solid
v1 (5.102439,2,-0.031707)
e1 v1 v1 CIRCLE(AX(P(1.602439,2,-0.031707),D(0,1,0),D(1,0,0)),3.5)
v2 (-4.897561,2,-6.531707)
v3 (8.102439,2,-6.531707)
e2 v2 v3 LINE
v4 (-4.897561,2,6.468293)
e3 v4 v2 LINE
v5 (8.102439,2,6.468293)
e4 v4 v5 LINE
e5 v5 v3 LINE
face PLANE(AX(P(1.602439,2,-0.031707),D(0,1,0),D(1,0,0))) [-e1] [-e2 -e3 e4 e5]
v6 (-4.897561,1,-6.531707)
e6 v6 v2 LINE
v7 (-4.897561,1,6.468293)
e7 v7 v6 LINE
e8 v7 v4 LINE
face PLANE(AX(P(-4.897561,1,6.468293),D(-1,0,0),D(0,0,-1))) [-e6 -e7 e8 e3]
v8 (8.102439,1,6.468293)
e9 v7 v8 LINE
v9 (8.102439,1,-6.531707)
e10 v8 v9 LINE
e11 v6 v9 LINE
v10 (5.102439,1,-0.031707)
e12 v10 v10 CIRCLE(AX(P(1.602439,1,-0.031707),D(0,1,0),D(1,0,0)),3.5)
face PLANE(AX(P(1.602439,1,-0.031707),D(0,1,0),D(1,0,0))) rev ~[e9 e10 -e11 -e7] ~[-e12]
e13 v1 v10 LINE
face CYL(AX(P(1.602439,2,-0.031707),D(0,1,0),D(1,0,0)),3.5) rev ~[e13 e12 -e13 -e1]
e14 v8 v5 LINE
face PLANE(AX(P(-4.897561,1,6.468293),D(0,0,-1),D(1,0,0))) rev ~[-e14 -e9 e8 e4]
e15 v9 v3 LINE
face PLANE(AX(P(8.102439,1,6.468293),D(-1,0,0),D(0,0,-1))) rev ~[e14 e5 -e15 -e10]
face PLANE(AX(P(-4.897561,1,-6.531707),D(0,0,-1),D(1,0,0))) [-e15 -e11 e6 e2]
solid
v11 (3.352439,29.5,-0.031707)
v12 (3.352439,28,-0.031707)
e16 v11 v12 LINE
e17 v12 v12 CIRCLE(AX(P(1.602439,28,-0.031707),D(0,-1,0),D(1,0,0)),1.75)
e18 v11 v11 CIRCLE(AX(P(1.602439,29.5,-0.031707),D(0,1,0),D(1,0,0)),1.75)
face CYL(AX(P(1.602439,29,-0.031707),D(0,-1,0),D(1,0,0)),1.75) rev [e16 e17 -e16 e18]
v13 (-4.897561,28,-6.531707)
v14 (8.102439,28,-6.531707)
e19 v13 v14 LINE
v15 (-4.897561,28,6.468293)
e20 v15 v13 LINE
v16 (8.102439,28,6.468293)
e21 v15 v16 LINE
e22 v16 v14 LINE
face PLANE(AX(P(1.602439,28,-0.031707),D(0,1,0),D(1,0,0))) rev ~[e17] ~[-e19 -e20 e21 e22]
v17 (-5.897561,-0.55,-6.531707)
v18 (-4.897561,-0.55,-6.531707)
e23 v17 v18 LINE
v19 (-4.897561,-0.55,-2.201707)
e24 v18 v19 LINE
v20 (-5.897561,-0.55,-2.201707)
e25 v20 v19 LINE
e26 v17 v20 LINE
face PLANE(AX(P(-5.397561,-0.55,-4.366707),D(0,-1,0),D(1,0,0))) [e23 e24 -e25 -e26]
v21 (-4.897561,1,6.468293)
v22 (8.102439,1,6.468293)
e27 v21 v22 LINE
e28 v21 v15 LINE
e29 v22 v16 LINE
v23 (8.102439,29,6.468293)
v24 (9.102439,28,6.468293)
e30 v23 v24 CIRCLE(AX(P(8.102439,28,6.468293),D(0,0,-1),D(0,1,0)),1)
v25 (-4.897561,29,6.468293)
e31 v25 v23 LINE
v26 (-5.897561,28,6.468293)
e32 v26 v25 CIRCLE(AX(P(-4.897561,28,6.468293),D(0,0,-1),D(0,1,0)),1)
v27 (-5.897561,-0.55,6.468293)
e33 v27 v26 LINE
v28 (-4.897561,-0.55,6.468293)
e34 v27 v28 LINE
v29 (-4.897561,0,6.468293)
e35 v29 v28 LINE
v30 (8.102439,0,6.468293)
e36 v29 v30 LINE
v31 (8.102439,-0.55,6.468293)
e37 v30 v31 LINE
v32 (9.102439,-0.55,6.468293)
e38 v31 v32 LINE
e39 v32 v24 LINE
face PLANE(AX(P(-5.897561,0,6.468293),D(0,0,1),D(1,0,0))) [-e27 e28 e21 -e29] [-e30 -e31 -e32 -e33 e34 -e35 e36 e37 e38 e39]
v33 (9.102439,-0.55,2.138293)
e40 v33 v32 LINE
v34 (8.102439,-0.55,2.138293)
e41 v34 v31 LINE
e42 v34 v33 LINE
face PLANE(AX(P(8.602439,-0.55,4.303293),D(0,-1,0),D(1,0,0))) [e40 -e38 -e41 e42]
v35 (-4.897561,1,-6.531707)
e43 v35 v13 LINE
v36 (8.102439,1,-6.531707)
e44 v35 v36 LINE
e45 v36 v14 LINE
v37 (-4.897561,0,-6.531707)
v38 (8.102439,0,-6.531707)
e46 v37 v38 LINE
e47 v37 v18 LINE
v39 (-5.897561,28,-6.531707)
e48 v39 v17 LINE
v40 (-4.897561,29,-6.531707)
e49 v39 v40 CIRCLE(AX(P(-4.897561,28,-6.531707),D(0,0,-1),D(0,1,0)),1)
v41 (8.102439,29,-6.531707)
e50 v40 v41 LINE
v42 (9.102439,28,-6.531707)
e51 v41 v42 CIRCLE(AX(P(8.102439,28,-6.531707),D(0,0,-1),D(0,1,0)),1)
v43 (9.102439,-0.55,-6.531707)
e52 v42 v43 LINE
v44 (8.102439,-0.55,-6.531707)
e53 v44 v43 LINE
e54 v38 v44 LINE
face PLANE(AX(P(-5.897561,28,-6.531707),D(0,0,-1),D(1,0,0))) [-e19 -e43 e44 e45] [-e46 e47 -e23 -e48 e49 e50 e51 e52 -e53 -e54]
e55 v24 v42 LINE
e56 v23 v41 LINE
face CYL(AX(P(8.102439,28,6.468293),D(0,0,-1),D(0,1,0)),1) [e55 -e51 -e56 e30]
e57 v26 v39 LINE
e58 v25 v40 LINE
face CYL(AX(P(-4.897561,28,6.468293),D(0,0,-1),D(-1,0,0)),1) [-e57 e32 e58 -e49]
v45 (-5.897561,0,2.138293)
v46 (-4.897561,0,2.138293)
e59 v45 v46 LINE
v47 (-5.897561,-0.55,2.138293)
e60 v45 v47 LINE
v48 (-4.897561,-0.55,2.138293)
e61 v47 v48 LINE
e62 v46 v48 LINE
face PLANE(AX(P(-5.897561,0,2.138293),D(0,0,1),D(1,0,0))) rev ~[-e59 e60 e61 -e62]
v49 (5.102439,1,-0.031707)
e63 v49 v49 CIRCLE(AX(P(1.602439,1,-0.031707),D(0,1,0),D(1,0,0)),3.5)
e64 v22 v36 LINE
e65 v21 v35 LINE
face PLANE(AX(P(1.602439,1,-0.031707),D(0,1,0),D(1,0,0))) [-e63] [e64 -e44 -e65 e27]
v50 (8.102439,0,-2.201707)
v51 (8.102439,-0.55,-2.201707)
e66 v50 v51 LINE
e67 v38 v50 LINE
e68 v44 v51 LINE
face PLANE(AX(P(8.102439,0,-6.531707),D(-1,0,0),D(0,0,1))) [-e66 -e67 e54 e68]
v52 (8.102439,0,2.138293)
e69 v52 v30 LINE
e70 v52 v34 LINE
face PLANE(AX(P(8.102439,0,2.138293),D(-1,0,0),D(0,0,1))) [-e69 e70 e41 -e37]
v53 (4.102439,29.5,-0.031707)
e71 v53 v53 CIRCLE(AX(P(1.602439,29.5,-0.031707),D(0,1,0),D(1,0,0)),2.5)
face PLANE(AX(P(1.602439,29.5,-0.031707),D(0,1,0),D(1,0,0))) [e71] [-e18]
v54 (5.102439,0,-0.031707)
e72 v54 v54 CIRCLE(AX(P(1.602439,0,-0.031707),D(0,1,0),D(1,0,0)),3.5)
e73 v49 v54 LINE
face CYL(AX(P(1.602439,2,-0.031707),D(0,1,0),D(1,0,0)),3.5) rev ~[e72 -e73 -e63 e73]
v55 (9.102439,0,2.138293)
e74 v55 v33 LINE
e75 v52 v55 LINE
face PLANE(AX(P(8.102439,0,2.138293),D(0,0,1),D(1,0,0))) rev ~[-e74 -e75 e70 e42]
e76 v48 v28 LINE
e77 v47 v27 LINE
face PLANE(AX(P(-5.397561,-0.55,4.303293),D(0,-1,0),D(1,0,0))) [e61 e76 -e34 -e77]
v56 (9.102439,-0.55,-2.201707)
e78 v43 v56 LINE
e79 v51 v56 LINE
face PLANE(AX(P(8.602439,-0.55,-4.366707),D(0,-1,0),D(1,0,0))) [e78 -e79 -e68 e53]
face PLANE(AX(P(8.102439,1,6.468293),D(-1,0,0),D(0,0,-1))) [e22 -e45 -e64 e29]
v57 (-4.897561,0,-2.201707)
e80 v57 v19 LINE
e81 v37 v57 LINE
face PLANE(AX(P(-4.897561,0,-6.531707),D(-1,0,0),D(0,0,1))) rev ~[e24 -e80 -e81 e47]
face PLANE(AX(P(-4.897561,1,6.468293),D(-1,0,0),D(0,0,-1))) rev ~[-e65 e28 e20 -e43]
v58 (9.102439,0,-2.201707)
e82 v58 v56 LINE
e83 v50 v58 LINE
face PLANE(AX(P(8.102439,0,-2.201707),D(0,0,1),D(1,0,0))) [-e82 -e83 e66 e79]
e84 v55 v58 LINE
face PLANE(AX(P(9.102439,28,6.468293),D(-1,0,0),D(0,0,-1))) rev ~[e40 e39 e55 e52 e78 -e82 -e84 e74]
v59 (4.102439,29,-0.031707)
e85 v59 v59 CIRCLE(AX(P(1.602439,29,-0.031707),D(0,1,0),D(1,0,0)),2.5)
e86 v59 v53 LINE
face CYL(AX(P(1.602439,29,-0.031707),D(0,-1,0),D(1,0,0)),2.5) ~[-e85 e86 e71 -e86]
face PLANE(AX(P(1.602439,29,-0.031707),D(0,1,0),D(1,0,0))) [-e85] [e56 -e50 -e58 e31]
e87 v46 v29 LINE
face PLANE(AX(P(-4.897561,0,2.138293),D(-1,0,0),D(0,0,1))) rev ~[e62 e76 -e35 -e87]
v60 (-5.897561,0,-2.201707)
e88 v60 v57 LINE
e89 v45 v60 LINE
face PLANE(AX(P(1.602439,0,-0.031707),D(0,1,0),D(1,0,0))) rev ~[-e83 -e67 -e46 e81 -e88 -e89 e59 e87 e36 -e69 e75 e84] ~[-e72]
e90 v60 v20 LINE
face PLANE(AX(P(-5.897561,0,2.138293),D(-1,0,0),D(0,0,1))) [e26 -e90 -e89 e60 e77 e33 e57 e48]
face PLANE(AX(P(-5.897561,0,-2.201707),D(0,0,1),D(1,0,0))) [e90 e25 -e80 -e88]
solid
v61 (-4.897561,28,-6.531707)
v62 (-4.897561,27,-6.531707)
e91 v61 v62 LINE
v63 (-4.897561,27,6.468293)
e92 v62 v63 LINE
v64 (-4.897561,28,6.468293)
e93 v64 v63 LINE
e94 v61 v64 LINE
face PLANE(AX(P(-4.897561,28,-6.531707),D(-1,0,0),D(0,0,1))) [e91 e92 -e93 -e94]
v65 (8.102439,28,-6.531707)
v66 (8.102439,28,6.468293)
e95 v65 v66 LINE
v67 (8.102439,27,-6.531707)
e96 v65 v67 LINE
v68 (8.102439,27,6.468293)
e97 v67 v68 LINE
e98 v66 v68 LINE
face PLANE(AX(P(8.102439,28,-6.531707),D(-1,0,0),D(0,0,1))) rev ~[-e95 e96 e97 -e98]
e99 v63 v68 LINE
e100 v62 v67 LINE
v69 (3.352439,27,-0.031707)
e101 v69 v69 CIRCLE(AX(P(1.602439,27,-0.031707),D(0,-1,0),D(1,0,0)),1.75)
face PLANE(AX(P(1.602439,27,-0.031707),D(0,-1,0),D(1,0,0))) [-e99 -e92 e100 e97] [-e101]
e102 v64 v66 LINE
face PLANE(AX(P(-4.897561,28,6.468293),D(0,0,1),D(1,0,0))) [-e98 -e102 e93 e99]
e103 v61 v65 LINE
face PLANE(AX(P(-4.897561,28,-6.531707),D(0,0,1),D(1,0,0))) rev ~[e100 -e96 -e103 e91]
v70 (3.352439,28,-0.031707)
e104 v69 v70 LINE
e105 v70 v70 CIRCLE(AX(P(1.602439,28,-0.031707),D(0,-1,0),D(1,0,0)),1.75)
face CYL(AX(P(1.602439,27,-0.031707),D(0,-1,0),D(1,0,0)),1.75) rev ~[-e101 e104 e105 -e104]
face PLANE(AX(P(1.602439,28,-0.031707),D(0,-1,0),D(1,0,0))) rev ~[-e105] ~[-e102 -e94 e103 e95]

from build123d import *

# Parameters (mm, degrees)
SKETCH1_W           = 15
SKETCH1_H           = 13
BOSS_EXTRUDE1_DEPTH = 1
SKETCH2_W           = 1
SKETCH2_H           = 13
BOSS_EXTRUDE2_DEPTH = 27
SKETCH3_W           = 15
SKETCH3_H           = 13
BOSS_EXTRUDE3_DEPTH = 1
FILLET1_R           = 1
FILLET2_R           = 1
SKETCH4_W           = 1
SKETCH4_H           = 4.33
BOSS_EXTRUDE4_DEPTH = 0.55
SKETCH5_W           = 13
SKETCH5_H           = 13
BOSS_EXTRUDE5_DEPTH = 1
SKETCH7_W           = 13
SKETCH7_H           = 13
BOSS_EXTRUDE6_DEPTH = 1
SKETCH8_R           = 3.5
CUT_EXTRUDE1_DEPTH  = 3.55
SKETCH9_R           = 1.75
CUT_EXTRUDE2_DEPTH  = 3
SKETCH10_R          = 2.5
SKETCH10_R_2        = 1.75
BOSS_EXTRUDE7_DEPTH = 0.5


with BuildPart() as part:
    # Sketch1 → Boss-Extrude1 (new body)
    with BuildSketch(Plane(origin=(0, 0, 0), x_dir=(1, 0, 0), z_dir=(0, 1, 0))):
        with Locations((1.602439024, 0.031707317)):
            Rectangle(SKETCH1_W, SKETCH1_H)
    extrude(amount=BOSS_EXTRUDE1_DEPTH)

    # Sketch2 → Boss-Extrude2 (add)
    with BuildSketch(Plane(origin=(0, 1, 0), x_dir=(1, 0, 0), z_dir=(0, 1, 0))):
        with Locations((-5.397560976, 0.031707317)):
            Rectangle(SKETCH2_W, SKETCH2_H)
        with Locations((8.602439024, 0.031707317)):
            Rectangle(SKETCH2_W, SKETCH2_H)
    extrude(amount=BOSS_EXTRUDE2_DEPTH)

    # Sketch3 → Boss-Extrude3 (add)
    with BuildSketch(Plane(origin=(0, 28, 0), x_dir=(1, 0, 0), z_dir=(0, 1, 0))):
        with Locations((1.602439024, 0.031707317)):
            Rectangle(SKETCH3_W, SKETCH3_H)
    extrude(amount=BOSS_EXTRUDE3_DEPTH)

    # Fillet1
    fillet1_edges = [part.edges().sort_by_distance(p)[0] for p in [
        (-5.897560976, 29, -0.031707317),
    ]]
    fillet(fillet1_edges, radius=FILLET1_R)

    # Fillet2
    fillet2_edges = [part.edges().sort_by_distance(p)[0] for p in [
        (9.102439024, 29, -0.031707317),
    ]]
    fillet(fillet2_edges, radius=FILLET2_R)

    # Sketch4 → Boss-Extrude4 (add)
    with BuildSketch(Plane.XZ):
        with Locations((-5.397560976, 4.303292683)):
            Rectangle(SKETCH4_W, SKETCH4_H)
        with Locations((8.602439024, 4.303292683)):
            Rectangle(SKETCH4_W, SKETCH4_H)
        with Locations((-5.397560976, -4.366707317)):
            Rectangle(SKETCH4_W, SKETCH4_H)
        with Locations((8.602439024, -4.366707317)):
            Rectangle(SKETCH4_W, SKETCH4_H)
    extrude(amount=BOSS_EXTRUDE4_DEPTH)


with BuildPart() as body_2:
    # Sketch5 → Boss-Extrude5 (new body)
    with BuildSketch(Plane(origin=(0, 1, 0), x_dir=(1, 0, 0), z_dir=(0, 1, 0))):
        with Locations((1.602439024, 0.031707317)):
            Rectangle(SKETCH5_W, SKETCH5_H)
    extrude(amount=BOSS_EXTRUDE5_DEPTH)


with BuildPart() as body_3:
    # Sketch7 → Boss-Extrude6 (new body)
    with BuildSketch(Plane.XZ.offset(-28)):
        with Locations((1.602439024, -0.031707317)):
            Rectangle(SKETCH7_W, SKETCH7_H)
    extrude(amount=BOSS_EXTRUDE6_DEPTH)


with BuildPart() as cut_extrude1_tool:
    # Sketch8 → Cut-Extrude1 (new body, through all)
    with BuildSketch(Plane(origin=(0, 2, 0), x_dir=(1, 0, 0), z_dir=(0, 1, 0))):
        with Locations((1.602439024, 0.031707317)):
            Circle(SKETCH8_R)
    extrude(amount=-CUT_EXTRUDE1_DEPTH)


with BuildPart() as part_1:
    add(part.part)

    # Cut-Extrude1: cut by cut_extrude1_tool
    add(cut_extrude1_tool.part, mode=Mode.SUBTRACT)


with BuildPart() as body_2_1:
    add(body_2.part)

    # Cut-Extrude1: cut by cut_extrude1_tool
    add(cut_extrude1_tool.part, mode=Mode.SUBTRACT)


with BuildPart() as cut_extrude2_tool:
    # Sketch9 → Cut-Extrude2 (new body, through all)
    with BuildSketch(Plane.XZ.offset(-27)):
        with Locations((1.602439024, -0.031707317)):
            Circle(SKETCH9_R)
    extrude(amount=-CUT_EXTRUDE2_DEPTH)


with BuildPart() as part_2:
    add(part_1.part)

    # Cut-Extrude2: cut by cut_extrude2_tool
    add(cut_extrude2_tool.part, mode=Mode.SUBTRACT)

    # Sketch10 → Boss-Extrude7 (add)
    with BuildSketch(Plane(origin=(0, 29, 0), x_dir=(1, 0, 0), z_dir=(0, 1, 0))):
        with Locations((1.602439024, 0.031707317)):
            Circle(SKETCH10_R)
        with Locations((1.602439024, 0.031707317)):
            Circle(SKETCH10_R_2, mode=Mode.SUBTRACT)
    extrude(amount=BOSS_EXTRUDE7_DEPTH)


with BuildPart() as body_3_1:
    add(body_3.part)

    # Cut-Extrude2: cut by cut_extrude2_tool
    add(cut_extrude2_tool.part, mode=Mode.SUBTRACT)


solid = Compound([body_2_1.part, part_2.part, body_3_1.part])
